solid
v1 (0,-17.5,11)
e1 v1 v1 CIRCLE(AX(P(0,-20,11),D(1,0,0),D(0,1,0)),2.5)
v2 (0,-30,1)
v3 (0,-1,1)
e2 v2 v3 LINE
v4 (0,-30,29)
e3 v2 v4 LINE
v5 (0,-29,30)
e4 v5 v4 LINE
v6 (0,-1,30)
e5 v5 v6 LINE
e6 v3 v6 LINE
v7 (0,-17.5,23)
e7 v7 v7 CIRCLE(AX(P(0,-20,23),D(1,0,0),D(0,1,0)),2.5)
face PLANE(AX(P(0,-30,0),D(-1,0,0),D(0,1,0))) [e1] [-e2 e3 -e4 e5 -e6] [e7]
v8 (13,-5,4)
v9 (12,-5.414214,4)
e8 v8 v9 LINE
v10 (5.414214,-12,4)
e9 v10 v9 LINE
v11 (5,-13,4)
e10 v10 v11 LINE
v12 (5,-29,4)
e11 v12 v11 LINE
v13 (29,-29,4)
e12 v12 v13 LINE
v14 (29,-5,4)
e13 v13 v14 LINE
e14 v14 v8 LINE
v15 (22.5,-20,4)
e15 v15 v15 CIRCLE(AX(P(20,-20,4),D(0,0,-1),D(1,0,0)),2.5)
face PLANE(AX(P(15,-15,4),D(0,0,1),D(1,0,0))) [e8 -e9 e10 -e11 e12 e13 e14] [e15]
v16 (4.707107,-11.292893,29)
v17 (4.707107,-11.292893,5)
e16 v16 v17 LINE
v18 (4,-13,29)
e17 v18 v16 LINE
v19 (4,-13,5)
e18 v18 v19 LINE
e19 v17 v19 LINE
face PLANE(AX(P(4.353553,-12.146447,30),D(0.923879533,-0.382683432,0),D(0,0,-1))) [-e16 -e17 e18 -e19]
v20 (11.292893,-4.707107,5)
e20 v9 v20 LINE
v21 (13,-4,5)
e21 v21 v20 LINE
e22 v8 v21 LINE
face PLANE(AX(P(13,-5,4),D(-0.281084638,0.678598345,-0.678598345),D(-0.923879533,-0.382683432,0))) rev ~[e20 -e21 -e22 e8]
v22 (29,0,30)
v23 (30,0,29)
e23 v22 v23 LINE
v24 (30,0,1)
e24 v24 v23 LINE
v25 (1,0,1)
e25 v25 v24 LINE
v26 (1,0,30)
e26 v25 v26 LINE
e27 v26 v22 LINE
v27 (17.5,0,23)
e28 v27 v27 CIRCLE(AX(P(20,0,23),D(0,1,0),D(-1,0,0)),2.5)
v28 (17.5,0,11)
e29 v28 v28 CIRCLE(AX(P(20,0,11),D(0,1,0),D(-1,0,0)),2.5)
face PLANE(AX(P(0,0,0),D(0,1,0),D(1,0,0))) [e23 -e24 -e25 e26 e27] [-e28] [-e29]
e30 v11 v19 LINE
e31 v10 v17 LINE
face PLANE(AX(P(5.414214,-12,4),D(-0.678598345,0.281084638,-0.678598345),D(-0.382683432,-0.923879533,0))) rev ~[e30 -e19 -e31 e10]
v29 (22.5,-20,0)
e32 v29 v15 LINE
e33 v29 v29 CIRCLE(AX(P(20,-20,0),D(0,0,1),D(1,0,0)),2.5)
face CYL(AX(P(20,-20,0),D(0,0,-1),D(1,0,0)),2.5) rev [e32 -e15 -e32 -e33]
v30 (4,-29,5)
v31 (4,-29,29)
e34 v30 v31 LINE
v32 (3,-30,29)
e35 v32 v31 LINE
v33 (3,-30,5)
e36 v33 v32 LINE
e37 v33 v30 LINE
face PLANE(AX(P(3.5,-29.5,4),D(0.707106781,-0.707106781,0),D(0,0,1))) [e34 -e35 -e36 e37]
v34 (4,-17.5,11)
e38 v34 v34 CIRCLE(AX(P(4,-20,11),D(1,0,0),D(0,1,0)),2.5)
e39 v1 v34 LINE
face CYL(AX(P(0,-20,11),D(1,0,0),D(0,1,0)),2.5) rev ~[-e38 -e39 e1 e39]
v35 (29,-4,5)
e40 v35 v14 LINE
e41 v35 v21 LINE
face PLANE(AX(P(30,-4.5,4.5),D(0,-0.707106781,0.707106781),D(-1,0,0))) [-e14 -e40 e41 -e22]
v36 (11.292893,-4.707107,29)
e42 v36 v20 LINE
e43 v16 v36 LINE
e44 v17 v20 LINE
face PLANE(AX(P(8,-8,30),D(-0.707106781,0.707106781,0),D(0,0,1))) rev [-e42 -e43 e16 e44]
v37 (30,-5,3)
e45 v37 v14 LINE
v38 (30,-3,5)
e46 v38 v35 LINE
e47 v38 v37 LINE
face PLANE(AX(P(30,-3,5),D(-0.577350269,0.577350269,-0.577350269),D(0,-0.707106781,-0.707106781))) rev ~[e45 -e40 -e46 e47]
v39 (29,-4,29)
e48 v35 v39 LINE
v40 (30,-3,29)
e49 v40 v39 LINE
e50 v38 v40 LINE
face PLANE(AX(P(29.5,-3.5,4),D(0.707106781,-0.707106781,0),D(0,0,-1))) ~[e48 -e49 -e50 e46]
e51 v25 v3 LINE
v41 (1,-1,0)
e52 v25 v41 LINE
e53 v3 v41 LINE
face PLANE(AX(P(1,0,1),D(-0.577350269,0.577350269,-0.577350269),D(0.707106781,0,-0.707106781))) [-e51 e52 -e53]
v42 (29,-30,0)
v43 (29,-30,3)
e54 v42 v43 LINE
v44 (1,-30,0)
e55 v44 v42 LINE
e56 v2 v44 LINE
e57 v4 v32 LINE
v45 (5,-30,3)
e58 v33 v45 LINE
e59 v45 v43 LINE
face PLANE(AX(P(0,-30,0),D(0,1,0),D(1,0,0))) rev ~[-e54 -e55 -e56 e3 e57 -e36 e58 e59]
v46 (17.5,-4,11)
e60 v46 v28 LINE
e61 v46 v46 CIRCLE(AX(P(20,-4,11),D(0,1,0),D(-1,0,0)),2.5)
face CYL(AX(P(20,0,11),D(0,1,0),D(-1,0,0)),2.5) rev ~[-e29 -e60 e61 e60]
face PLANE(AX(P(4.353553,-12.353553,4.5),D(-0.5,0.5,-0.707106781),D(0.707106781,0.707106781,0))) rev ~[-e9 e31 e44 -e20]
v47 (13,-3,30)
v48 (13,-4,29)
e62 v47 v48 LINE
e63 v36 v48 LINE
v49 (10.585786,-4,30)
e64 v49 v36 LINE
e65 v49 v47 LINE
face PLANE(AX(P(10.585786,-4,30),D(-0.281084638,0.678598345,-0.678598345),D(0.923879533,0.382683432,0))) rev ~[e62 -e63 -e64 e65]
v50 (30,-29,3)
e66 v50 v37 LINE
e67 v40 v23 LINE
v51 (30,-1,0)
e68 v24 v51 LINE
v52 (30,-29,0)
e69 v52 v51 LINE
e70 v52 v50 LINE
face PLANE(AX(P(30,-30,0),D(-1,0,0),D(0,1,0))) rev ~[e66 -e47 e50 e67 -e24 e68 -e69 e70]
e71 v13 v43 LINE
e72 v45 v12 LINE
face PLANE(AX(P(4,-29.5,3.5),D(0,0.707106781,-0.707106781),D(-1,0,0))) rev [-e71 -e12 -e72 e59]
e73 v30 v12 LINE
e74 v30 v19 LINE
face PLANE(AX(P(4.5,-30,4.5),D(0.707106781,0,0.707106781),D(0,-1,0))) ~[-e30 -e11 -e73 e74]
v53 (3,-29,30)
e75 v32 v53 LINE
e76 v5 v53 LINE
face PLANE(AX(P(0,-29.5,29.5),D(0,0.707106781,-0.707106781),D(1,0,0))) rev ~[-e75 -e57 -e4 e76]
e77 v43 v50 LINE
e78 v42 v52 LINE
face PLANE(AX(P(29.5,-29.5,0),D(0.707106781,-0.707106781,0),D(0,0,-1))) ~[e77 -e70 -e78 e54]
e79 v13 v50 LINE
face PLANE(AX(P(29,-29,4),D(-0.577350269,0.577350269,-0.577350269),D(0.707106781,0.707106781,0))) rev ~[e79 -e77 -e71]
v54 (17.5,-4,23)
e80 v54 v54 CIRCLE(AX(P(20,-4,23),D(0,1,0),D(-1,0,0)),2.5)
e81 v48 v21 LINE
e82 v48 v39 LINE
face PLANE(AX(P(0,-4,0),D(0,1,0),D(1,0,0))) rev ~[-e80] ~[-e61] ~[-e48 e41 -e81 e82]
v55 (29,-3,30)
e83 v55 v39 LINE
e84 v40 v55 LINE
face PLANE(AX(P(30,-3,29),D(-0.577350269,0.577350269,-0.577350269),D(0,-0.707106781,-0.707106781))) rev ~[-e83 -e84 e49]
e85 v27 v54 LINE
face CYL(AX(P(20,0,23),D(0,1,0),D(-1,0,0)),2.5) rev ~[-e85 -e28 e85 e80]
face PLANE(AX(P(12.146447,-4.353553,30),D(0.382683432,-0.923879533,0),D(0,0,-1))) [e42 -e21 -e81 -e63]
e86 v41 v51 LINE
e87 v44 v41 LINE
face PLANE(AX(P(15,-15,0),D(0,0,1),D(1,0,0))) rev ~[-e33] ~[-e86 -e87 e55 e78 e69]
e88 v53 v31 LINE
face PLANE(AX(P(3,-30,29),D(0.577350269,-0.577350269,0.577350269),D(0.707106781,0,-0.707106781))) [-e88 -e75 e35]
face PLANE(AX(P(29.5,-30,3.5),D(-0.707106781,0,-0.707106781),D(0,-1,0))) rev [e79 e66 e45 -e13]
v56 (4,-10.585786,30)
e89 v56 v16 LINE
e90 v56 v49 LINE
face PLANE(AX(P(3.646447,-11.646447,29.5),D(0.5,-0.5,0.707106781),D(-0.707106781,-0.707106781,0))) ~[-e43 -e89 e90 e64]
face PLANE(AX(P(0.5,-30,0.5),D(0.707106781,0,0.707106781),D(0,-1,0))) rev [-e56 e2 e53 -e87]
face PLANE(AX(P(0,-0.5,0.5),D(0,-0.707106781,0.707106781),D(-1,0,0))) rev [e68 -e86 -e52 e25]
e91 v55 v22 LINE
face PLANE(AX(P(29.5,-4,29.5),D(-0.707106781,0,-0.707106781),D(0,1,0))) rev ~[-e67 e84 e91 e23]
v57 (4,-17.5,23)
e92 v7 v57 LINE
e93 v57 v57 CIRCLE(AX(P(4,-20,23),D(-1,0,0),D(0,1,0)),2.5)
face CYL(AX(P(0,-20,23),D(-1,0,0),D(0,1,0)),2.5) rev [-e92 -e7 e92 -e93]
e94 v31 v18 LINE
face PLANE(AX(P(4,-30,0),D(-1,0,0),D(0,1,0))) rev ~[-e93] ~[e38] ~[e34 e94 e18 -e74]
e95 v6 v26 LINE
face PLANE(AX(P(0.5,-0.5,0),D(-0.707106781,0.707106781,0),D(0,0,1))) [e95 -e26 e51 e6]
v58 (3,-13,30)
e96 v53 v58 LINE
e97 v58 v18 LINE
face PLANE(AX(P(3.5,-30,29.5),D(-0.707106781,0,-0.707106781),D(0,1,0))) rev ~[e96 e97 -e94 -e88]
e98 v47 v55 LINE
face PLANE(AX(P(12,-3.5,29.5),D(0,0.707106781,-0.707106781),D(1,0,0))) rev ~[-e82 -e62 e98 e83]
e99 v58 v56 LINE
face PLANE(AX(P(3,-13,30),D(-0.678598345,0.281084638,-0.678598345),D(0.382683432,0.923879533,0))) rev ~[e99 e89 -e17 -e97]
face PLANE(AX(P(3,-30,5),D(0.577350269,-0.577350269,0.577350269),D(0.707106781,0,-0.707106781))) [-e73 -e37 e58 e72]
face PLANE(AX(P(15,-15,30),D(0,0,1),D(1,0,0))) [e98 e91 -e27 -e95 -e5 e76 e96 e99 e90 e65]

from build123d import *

# Parameters (mm, degrees)
SKETCH_W           = 30
SKETCH_H           = 30
PAD_DEPTH          = 30
THICKNESS_T        = -4
SKETCH001_R        = 2.5
POCKET_DEPTH       = 5
POLARPATTERN_COUNT = 2
POLARPATTERN_ANGLE = 90
CYLINDER_R         = 2.5
CYLINDER_DEPTH     = 10
CHAMFER_SIZE       = 8
CHAMFER001_SIZE    = 1


with BuildPart() as part:
    # Sketch → Pad (new body)
    with BuildSketch(Plane.XY):
        with Locations((15, -15)):
            Rectangle(SKETCH_W, SKETCH_H)
    extrude(amount=PAD_DEPTH)

    # Thickness
    thickness_openings = [part.faces().sort_by_distance(p)[0] for p in [
        (30, -15, 15),
        (15, -30, 15),
        (15, -15, 30),
    ]]
    offset(amount=THICKNESS_T, openings=thickness_openings)

    # Sketch001 → Pocket (cut, symmetric)
    with BuildSketch(Plane(origin=(0, 0, 2), x_dir=(0, 1, 0), z_dir=(1, 0, 0))):
        with Locations((-20, 21)):
            Circle(SKETCH001_R)
        with Locations((-20, 9)):
            Circle(SKETCH001_R)
    pocket = extrude(amount=POCKET_DEPTH, both=True, mode=Mode.SUBTRACT)

    # PolarPattern: Pocket ×2 about axis
    polarpattern_axis = Axis((0, 0, 2), (0, 0, 1))
    for i in range(1, POLARPATTERN_COUNT):
        add(pocket.rotate(polarpattern_axis, i * POLARPATTERN_ANGLE / (POLARPATTERN_COUNT - 1)), mode=Mode.SUBTRACT)

    # Cylinder → Cylinder (cut)
    with BuildSketch(Plane(origin=(20, -20, 0), x_dir=(1, 0, 0), z_dir=(0, 0, 1))):
        Circle(CYLINDER_R)
    extrude(amount=CYLINDER_DEPTH, mode=Mode.SUBTRACT)

    # Chamfer
    chamfer_edges = [part.edges().sort_by_distance(p)[0] for p in [
        (4, -4, 17),
    ]]
    chamfer(chamfer_edges, length=CHAMFER_SIZE)

    # Chamfer001
    chamfer001_edges = [part.edges().sort_by_distance(p)[0] for p in [
        (4, -21, 30),
        (8, -8, 30),
        (2, -30, 30),
        (21, -4, 30),
        (30, -2, 30),
        (4, -21, 4),
        (4, -12, 17),
        (4, -30, 17),
        (8, -8, 4),
        (12, -4, 17),
        (30, -30, 2),
        (17, -30, 4),
        (21, -4, 4),
        (30, -4, 17),
        (0, -15, 0),
        (0, 0, 15),
        (30, -17, 4),
        (15, 0, 0),
        (2, -17.5, 23),
        (2, -17.5, 11),
        (17.5, -2, 23),
        (17.5, -2, 11),
        (22.5, -20, 2),
    ]]
    chamfer(chamfer001_edges, length=CHAMFER001_SIZE)


solid = part.part
